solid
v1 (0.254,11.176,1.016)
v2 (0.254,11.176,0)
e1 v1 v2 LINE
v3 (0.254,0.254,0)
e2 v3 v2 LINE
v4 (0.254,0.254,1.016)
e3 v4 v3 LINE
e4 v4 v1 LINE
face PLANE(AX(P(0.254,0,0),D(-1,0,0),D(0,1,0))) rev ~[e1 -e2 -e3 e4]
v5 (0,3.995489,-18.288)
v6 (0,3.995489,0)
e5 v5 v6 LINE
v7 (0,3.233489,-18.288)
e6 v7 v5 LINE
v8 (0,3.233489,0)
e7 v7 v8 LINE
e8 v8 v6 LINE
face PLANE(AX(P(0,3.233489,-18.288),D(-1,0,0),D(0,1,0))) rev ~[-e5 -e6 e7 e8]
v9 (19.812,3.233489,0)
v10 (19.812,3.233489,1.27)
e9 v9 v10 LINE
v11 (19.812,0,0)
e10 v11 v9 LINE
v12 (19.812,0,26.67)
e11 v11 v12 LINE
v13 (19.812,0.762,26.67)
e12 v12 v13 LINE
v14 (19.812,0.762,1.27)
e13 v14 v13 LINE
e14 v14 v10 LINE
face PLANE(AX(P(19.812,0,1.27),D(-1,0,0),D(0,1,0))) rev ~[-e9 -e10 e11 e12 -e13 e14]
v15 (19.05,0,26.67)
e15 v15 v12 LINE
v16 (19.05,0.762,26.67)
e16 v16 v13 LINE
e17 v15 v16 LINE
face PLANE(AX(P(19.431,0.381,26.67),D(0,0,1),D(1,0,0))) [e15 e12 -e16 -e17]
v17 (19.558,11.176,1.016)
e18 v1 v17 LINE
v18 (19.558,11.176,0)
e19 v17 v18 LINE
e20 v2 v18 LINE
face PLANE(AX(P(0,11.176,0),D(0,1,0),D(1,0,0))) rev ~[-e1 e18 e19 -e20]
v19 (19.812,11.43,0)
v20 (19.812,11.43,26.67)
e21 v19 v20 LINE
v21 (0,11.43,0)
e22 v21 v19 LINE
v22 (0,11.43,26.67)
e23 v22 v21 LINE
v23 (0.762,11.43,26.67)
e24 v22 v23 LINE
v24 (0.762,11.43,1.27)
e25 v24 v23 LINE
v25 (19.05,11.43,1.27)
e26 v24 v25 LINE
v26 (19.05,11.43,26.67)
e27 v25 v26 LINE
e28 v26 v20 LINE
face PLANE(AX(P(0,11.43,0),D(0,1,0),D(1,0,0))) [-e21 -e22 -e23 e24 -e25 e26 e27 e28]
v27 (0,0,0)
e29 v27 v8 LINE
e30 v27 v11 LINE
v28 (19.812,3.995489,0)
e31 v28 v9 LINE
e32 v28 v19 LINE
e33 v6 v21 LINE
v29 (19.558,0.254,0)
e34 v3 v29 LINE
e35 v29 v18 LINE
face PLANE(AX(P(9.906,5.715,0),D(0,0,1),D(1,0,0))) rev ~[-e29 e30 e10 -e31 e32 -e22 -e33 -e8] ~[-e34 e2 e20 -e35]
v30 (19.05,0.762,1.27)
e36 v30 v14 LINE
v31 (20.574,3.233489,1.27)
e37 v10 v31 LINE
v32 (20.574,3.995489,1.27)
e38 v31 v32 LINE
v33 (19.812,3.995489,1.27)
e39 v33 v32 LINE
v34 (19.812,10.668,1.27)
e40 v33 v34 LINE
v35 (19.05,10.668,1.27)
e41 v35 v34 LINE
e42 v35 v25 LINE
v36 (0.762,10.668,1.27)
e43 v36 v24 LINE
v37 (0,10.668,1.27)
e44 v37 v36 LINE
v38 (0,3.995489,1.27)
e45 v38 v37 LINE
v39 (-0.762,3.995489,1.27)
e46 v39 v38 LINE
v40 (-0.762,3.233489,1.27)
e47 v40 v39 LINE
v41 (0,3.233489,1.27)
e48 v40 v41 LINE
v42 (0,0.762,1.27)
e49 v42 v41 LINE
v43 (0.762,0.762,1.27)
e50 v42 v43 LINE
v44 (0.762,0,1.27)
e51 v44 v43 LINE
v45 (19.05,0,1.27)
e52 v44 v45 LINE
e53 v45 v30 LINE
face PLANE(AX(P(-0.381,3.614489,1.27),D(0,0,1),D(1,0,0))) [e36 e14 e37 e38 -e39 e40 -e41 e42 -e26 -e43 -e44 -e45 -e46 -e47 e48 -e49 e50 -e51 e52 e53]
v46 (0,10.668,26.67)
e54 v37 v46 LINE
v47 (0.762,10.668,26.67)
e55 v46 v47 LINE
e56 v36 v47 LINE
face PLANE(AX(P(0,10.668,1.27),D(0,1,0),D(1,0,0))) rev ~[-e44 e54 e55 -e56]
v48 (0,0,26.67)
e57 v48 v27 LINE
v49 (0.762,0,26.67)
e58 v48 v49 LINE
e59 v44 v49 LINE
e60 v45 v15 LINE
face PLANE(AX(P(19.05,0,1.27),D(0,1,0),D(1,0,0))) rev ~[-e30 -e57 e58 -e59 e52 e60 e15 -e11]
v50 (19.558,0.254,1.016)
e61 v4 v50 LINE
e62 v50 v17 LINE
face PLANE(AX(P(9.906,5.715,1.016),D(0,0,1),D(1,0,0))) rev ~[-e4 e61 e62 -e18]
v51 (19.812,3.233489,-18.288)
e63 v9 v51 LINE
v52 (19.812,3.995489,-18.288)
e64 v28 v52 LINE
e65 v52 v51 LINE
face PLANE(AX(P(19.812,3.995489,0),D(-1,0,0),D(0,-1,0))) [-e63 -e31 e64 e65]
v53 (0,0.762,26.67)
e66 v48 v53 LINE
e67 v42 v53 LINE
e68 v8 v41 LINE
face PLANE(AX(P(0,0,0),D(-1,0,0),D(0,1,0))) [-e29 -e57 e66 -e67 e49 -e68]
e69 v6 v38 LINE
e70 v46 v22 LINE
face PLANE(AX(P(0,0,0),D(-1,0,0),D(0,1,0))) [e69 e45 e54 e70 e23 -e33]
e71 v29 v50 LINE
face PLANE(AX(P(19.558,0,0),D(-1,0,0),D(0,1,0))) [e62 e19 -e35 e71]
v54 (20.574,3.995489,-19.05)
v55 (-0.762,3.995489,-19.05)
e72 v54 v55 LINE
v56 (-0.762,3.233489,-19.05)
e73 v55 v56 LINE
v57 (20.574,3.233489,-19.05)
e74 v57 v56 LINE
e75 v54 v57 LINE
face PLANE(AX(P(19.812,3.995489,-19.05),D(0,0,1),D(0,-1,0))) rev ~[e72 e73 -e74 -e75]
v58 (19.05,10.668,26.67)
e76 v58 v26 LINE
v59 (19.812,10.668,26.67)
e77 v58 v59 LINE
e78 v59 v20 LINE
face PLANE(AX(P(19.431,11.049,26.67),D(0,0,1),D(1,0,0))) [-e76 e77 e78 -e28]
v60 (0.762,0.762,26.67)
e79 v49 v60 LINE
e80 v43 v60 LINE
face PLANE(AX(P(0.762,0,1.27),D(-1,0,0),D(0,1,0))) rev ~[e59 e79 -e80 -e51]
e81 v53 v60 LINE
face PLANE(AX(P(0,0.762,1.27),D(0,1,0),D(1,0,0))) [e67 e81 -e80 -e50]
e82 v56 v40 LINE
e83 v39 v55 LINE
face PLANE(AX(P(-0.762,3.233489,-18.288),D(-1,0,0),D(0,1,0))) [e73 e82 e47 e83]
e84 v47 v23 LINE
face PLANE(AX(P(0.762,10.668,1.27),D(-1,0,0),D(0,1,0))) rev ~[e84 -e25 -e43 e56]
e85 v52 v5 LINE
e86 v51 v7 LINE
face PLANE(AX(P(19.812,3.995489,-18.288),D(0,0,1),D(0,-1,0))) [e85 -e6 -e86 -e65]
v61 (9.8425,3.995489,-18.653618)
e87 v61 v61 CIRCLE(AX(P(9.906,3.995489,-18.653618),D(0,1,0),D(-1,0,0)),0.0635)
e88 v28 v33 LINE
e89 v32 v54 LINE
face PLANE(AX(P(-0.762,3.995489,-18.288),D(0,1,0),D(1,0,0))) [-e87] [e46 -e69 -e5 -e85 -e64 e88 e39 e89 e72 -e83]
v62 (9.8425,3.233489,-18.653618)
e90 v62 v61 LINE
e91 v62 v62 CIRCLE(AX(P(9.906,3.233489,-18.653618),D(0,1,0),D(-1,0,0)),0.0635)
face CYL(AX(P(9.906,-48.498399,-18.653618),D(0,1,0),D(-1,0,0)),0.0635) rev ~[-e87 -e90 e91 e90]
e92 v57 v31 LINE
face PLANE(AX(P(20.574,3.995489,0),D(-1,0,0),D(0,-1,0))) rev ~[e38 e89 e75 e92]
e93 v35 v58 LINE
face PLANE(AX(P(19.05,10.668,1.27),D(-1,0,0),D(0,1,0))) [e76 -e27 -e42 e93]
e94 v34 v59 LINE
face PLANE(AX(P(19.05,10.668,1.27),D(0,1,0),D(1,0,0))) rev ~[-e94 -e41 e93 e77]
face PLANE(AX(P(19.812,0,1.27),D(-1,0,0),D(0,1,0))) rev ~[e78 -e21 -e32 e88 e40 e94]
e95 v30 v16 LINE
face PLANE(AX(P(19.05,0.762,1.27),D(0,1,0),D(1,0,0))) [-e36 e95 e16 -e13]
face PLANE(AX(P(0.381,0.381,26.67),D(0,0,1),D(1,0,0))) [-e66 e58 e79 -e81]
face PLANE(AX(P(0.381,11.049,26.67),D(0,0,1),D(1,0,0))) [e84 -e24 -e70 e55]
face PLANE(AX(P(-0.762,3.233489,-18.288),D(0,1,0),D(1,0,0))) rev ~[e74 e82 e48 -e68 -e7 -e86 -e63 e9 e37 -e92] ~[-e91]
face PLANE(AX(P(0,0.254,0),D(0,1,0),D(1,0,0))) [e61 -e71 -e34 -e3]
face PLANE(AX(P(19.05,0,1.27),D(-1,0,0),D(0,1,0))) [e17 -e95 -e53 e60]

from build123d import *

# Parameters (mm, degrees)
F0_W      = 19.812
F0_H      = 11.43
F1_DEPTH  = 1.27
F2_T      = -0.254
F3_W      = 0.762
F3_H      = 0.762
F4_DEPTH  = 25.4
F5_W      = 0.762
F5_H      = 1.27
F6_DEPTH  = 0.762
F7_W      = 0.762
F7_H      = 0.762
F8_DEPTH  = 19.05
F9_W      = 0.762
F9_H      = 0.762
F10_DEPTH = 20.574
F11_W     = 0.762
F11_H     = 0.762
F12_DEPTH = 19.558
F14_D     = 0.127


with BuildPart() as f1:
    # F0 (on Top) → F1 (new body)
    with BuildSketch(Plane.XY):
        with Locations((9.906, 5.715)):
            Rectangle(F0_W, F0_H)
    extrude(amount=F1_DEPTH)

    # F2
    f2_openings = [f1.faces().sort_by_distance(p)[0] for p in [
        (9.906, 5.715, 0),
    ]]
    offset(amount=F2_T, openings=f2_openings)

    # F3 (on face) → F4 (join)
    with BuildSketch(Plane.XY.offset(1.27)):
        with Locations((19.431, 0.381)):
            Rectangle(F3_W, F3_H)
        with Locations((19.431, 11.049)):
            Rectangle(F3_W, F3_H)
        with Locations((0.381, 11.049)):
            Rectangle(F3_W, F3_H)
        with Locations((0.381, 0.381)):
            Rectangle(F3_W, F3_H)
    extrude(amount=F4_DEPTH)

    # F5 (on face) → F6 (join)
    with BuildSketch(Plane.YZ.offset(19.812)):
        with Locations((3.614489, 0.635)):
            Rectangle(F5_W, F5_H)
    extrude(amount=F6_DEPTH)

    # F7 (on face) → F8 (join)
    with BuildSketch(Plane(origin=(0, 0, 0), x_dir=(1, 0, 0), z_dir=(0, 0, -1))):
        with Locations((20.193, -3.614489)):
            Rectangle(F7_W, F7_H)
    extrude(amount=F8_DEPTH)

    # F9 (on face) → F10 (join)
    with BuildSketch(Plane(origin=(19.812, 0, 0), x_dir=(0, -1, 0), z_dir=(-1, 0, 0))):
        with Locations((-3.614489, -18.669)):
            Rectangle(F9_W, F9_H)
    extrude(amount=F10_DEPTH)

    # F11 (on face) → F12 (join)
    with BuildSketch(Plane.XY.offset(-18.288)):
        with Locations((-0.381, 3.614489)):
            Rectangle(F11_W, F11_H)
    extrude(amount=F12_DEPTH)

    # F14 (through all)
    with Locations(Plane.XZ.offset(-3.233489)):
        with Locations((9.906, -18.653618)):
            Hole(F14_D / 2)


solid = f1.part
